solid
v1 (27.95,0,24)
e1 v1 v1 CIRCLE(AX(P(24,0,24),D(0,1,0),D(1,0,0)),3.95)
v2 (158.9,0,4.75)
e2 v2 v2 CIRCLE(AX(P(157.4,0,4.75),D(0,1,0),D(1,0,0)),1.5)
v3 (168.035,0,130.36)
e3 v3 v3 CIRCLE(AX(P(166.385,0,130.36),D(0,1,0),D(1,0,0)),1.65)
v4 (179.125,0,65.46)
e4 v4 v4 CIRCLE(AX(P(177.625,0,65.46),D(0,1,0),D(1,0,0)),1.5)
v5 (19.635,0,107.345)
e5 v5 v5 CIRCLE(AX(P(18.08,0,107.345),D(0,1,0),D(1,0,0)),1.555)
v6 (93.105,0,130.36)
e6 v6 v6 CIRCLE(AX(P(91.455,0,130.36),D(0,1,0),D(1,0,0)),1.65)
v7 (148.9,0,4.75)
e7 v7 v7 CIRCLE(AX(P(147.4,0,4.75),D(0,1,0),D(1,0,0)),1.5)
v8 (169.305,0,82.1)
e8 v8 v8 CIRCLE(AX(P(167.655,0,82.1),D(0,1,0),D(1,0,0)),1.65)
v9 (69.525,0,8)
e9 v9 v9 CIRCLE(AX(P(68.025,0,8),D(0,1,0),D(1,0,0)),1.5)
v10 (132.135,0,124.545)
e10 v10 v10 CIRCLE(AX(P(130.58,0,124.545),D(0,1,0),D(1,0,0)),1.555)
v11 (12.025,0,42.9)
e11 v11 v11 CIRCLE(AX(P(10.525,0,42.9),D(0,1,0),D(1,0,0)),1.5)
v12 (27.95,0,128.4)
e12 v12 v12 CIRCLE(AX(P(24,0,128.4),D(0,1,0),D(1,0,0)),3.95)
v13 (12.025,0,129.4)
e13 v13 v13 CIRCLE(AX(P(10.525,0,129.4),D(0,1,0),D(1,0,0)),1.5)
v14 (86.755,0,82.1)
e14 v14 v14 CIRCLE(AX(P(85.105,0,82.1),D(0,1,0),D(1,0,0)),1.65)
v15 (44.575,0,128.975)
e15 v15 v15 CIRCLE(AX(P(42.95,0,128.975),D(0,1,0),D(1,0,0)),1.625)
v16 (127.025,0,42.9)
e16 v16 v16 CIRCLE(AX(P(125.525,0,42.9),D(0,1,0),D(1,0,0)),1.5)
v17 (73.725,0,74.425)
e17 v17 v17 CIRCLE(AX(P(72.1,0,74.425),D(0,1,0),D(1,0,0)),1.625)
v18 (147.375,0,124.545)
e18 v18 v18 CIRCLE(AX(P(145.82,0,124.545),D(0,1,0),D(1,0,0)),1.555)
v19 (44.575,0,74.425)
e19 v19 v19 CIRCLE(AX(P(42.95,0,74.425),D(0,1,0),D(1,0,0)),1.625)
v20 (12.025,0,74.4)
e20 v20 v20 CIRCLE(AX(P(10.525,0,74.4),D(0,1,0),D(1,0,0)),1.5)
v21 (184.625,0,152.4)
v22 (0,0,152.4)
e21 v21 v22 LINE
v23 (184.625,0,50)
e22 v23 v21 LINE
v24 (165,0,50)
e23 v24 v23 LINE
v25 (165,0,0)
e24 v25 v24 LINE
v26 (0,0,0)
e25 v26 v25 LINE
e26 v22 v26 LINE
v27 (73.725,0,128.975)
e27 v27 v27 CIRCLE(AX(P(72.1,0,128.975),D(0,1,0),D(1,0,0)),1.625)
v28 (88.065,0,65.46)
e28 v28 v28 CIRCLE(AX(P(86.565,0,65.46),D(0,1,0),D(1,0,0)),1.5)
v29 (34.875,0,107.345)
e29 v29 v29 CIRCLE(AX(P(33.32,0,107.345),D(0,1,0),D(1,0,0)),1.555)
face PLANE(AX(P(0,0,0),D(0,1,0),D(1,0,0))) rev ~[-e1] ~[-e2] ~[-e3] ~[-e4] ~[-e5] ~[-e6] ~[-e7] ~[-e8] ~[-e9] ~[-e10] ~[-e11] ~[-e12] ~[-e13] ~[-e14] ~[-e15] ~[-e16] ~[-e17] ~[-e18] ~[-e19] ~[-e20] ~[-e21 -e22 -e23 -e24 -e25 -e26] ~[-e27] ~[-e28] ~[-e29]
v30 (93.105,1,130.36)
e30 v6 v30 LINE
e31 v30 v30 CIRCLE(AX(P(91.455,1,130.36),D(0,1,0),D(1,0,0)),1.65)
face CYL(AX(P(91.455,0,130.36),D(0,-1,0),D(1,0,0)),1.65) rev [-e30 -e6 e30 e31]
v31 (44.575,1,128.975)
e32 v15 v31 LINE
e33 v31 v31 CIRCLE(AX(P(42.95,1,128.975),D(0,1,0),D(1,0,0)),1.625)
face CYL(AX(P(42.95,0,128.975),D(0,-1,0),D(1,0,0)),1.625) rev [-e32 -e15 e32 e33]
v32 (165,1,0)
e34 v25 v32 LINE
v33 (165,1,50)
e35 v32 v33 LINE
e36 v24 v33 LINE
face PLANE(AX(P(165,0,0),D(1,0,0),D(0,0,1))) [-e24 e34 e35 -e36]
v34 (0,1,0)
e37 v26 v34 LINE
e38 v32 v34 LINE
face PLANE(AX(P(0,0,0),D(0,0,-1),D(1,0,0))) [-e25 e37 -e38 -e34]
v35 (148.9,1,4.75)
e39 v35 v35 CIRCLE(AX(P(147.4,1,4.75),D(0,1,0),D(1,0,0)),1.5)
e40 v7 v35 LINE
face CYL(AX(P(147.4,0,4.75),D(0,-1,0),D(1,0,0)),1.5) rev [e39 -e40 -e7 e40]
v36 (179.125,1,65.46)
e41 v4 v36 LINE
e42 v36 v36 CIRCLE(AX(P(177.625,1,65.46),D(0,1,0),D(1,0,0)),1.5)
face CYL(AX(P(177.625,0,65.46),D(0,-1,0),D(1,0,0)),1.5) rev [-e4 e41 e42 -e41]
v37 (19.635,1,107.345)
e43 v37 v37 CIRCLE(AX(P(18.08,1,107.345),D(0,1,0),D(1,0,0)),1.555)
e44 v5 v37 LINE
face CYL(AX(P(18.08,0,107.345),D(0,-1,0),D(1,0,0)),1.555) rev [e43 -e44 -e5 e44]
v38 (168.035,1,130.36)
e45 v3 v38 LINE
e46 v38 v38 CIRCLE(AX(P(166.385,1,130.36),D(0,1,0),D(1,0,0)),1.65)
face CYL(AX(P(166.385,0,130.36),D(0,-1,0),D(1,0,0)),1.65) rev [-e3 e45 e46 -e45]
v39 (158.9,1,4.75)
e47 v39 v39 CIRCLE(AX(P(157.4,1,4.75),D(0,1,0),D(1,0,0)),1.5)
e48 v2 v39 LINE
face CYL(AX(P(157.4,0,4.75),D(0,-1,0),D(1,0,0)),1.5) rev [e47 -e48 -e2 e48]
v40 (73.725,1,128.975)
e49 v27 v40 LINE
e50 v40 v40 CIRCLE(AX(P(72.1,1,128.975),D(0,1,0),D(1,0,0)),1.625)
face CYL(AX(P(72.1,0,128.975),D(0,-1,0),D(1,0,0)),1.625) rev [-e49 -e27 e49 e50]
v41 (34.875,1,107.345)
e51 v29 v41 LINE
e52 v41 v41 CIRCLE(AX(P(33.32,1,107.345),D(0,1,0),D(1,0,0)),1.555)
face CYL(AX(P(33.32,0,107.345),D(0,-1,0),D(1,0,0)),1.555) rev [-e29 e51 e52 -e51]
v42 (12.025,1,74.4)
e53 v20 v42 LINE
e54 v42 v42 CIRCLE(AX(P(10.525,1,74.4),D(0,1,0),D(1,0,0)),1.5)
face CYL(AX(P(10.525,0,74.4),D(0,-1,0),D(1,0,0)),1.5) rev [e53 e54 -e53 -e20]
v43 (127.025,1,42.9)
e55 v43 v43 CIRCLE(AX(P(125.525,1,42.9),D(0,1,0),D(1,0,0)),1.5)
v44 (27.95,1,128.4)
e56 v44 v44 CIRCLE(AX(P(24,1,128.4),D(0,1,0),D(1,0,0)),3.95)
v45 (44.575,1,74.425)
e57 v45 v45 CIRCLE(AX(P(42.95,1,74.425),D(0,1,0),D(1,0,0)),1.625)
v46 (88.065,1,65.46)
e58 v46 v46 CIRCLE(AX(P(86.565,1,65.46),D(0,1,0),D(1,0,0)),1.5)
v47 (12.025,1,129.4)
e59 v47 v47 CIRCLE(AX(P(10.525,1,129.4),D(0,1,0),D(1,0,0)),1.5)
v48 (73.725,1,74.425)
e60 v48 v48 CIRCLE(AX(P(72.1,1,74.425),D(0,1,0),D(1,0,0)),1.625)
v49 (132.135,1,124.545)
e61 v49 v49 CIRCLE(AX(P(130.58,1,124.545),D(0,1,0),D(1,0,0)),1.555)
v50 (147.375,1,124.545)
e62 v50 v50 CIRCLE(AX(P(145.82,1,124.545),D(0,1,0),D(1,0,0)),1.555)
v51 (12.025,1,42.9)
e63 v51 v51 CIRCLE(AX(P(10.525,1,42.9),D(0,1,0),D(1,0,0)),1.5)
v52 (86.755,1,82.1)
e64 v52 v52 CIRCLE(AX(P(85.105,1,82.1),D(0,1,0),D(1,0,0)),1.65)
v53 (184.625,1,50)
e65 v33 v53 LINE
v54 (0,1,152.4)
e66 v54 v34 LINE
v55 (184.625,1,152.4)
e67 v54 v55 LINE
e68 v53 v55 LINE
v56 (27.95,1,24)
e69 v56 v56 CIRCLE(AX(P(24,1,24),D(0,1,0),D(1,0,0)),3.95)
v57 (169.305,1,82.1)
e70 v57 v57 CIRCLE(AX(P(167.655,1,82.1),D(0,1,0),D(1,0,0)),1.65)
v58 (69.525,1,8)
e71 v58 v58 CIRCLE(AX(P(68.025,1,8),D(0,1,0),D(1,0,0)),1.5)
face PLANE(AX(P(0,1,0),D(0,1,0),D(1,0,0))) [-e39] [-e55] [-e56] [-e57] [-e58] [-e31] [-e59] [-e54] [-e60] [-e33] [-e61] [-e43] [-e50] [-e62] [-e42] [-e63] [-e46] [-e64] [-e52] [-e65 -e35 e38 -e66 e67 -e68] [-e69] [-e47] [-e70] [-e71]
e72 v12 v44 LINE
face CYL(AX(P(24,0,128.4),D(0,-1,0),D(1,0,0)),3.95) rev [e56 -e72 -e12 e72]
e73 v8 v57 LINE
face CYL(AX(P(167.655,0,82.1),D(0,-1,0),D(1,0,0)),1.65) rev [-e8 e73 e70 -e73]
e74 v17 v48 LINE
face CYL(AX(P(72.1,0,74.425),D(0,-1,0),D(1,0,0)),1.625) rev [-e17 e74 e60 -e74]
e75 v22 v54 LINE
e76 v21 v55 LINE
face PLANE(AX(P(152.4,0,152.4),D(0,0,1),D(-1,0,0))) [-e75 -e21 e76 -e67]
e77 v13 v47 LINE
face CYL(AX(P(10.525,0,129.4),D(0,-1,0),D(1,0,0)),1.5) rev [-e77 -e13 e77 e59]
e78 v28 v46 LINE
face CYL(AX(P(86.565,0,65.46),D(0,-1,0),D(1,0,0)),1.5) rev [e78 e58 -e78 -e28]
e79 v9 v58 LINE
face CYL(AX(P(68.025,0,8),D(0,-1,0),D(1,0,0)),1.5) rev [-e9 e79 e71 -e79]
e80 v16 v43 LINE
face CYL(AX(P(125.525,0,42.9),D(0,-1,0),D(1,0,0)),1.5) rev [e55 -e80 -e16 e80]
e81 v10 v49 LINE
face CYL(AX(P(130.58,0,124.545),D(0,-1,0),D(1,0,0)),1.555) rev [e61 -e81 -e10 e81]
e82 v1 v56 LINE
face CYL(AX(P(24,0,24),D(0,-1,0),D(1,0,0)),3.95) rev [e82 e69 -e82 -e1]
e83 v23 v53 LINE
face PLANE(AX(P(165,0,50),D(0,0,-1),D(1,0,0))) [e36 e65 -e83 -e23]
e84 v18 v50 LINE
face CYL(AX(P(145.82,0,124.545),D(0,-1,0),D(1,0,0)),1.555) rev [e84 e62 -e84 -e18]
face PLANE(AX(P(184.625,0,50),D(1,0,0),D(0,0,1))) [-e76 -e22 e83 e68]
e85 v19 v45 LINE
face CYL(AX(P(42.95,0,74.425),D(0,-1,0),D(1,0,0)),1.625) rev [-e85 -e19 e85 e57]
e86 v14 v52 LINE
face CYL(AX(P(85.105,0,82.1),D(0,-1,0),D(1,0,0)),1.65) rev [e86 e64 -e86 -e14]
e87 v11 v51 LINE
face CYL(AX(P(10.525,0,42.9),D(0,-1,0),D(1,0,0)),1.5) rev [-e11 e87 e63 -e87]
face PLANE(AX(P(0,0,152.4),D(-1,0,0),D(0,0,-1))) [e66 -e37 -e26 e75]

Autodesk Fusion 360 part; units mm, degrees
sketch "Sketch1" plane through (0, 0, 0) normal (0, 1, 0) x (1, 0, 0)
  line L0 (0, 0) -> (304.8, 0) construction
  line L1 (304.8, 0) -> (304.8, -152.4) construction
  line L2 (304.8, -152.4) -> (0, -152.4) construction
  line L3 (0, -152.4) -> (0, 0) construction
  line L4 (297.775, 0) -> (297.775, -147.9) construction
  line L5 (297.775, -147.9) -> (7.025, -147.9) construction
  line L6 (7.025, -147.9) -> (7.025, 0) construction
  line L7 (39.025, -70.5) -> (76.025, -70.5)
  line L8 (76.025, -70.5) -> (76.025, -132.9)
  line L9 (76.025, -132.9) -> (39.025, -132.9)
  line L10 (39.025, -132.9) -> (39.025, -70.5)
  circle A0 centre (42.95, -74.425) radius 1.625
  line L11 (57.525, -70.5) -> (57.525, -132.9) construction
  circle A1 centre (72.1, -74.425) radius 1.625
  line L12 (39.025, -101.7) -> (76.025, -101.7) construction
  circle A2 centre (72.1, -128.975) radius 1.625
  circle A3 centre (42.95, -128.975) radius 1.625
  line L13 (15.525, -66.5) -> (35.875, -66.5)
  line L14 (35.875, -66.5) -> (35.875, -109.9)
  line L15 (35.875, -109.9) -> (15.525, -109.9)
  line L16 (15.525, -109.9) -> (15.525, -66.5)
  circle A4 centre (18.08, -107.345) radius 1.555
  line L17 (25.7, -66.5) -> (25.7, -109.9) construction
  circle A5 centre (33.32, -107.345) radius 1.555
  line L18 (80.025, -79.56) -> (181.625, -79.56)
  line L19 (181.625, -79.56) -> (181.625, -132.9)
  line L20 (181.625, -132.9) -> (80.025, -132.9)
  line L21 (80.025, -132.9) -> (80.025, -79.56)
  circle A6 centre (85.105, -82.1) radius 1.65
  circle A7 centre (91.455, -130.36) radius 1.65
  circle A8 centre (167.655, -82.1) radius 1.65
  circle A9 centre (166.385, -130.36) radius 1.65
  line L22 (7.025, -52.9) -> (297.775, -52.9) construction
  line L23 (187.625, -82) -> (207.975, -82)
  line L24 (207.975, -82) -> (207.975, -125.4)
  line L25 (207.975, -125.4) -> (187.625, -125.4)
  line L26 (187.625, -125.4) -> (187.625, -82)
  circle A10 centre (190.18, -122.845) radius 1.555
  line L27 (197.8, -82) -> (197.8, -125.4) construction
  circle A11 centre (205.42, -122.845) radius 1.555
  circle A12 centre (145.82, -124.545) radius 1.555
  circle A13 centre (130.58, -124.545) radius 1.555
  line L28 (148.375, -83.7) -> (148.375, -127.1)
  line L29 (148.375, -127.1) -> (128.025, -127.1)
  line L30 (128.025, -127.1) -> (128.025, -83.7)
  line L31 (138.2, -83.7) -> (138.2, -127.1) construction
  line L32 (128.025, -83.7) -> (148.375, -83.7)
  line L33 (215.125, -84.4) -> (281.275, -84.4)
  line L34 (281.275, -84.4) -> (281.275, -120.4)
  line L35 (281.275, -120.4) -> (215.125, -120.4)
  line L36 (215.125, -120.4) -> (215.125, -84.4)
  circle A14 centre (217.675, -86.95) radius 1.55
  line L37 (248.2, -84.4) -> (248.2, -120.4) construction
  line L38 (215.125, -102.4) -> (281.275, -102.4) construction
  circle A15 centre (278.725, -86.95) radius 1.55
  circle A16 centre (217.675, -117.85) radius 1.55
  circle A17 centre (278.725, -117.85) radius 1.55
  line L39 (84.065, -55.86) -> (180.125, -55.86)
  line L40 (180.125, -55.86) -> (180.125, -74.96)
  line L41 (180.125, -74.96) -> (84.065, -74.96)
  line L42 (84.065, -74.96) -> (84.065, -55.86)
  circle A18 centre (177.625, -65.46) radius 1.5
  line L43 (132.095, -55.86) -> (132.095, -74.96) construction
  circle A19 centre (86.565, -65.46) radius 1.5
  line L44 (191.715, -76.4) -> (191.715, -57.3)
  line L45 (239.745, -57.3) -> (239.745, -76.4) construction
  line L46 (287.775, -76.4) -> (191.715, -76.4)
  line L47 (191.715, -57.3) -> (287.775, -57.3)
  circle A20 centre (285.275, -66.9) radius 1.5
  circle A21 centre (194.215, -66.9) radius 1.5
  line L48 (287.775, -57.3) -> (287.775, -76.4)
  line L49 (7.025, -125.9) -> (14.025, -125.9)
  line L50 (14.025, -125.9) -> (14.025, -132.9)
  line L51 (14.025, -132.9) -> (7.025, -132.9)
  line L52 (7.025, -132.9) -> (7.025, -125.9)
  line L53 (7.025, -70.9) -> (14.025, -70.9)
  line L54 (14.025, -70.9) -> (14.025, -77.9)
  line L55 (14.025, -77.9) -> (7.025, -77.9)
  line L56 (7.025, -77.9) -> (7.025, -70.9)
  line L57 (7.025, -39.4) -> (14.025, -39.4)
  line L58 (14.025, -39.4) -> (14.025, -46.4)
  line L59 (14.025, -46.4) -> (7.025, -46.4)
  line L60 (7.025, -46.4) -> (7.025, -39.4)
  line L61 (122.025, -39.4) -> (129.025, -39.4)
  line L62 (129.025, -39.4) -> (129.025, -46.4)
  line L63 (129.025, -46.4) -> (122.025, -46.4)
  line L64 (122.025, -46.4) -> (122.025, -39.4)
  line L65 (152.4, 0) -> (152.4, -147.9) construction
  circle A22 centre (68.025, -8) radius 1.5
  circle A23 centre (10.525, -42.9) radius 1.5
  circle A24 centre (10.525, -74.4) radius 1.5
  circle A25 centre (10.525, -129.4) radius 1.5
  circle A26 centre (125.525, -42.9) radius 1.5
  line L66 (0, 0) -> (304.8, 0)
  line L67 (304.8, 0) -> (304.8, -152.4)
  line L68 (304.8, -152.4) -> (0, -152.4)
  line L69 (0, -152.4) -> (0, 0)
  line L70 (152.4, 0) -> (152.4, -152.4)
  line L71 (-0.1, 0) -> (-2.5, 0)
  line L72 (307.3, 0) -> (304.9, 0)
  line L73 (0, 0) -> (-0.1, 0)
  line L74 (304.9, 0) -> (304.8, 0)
  line L75 (184.625, 0) -> (184.625, -152.4)
  line L76 (165, 0) -> (165, -50)
  line L77 (165, -50) -> (184.625, -50)
  circle A27 centre (24, -128.4) radius 3.95
  line L78 (0, -76.2) -> (304.8, -76.2) construction
  circle A28 centre (24, -24) radius 3.95
  circle A29 centre (280.8, -24) radius 3.95
  circle A30 centre (280.8, -128.4) radius 3.95
  circle A31 centre (147.4, -4.75) radius 1.5
  circle A32 centre (157.4, -4.75) radius 1.5
  line L79 (64.525, -4.5) -> (71.525, -4.5)
  line L80 (71.525, -4.5) -> (71.525, -11.5)
  line L81 (71.525, -11.5) -> (64.525, -11.5)
  line L82 (64.525, -11.5) -> (64.525, -4.5)
  line L83 (233.275, -11.5) -> (240.275, -11.5)
  circle A33 centre (236.775, -8) radius 1.5
  line L84 (240.275, -11.5) -> (240.275, -4.5)
  line L85 (240.275, -4.5) -> (233.275, -4.5)
  line L86 (233.275, -4.5) -> (233.275, -11.5)
  line L87 (297.775, -39.4) -> (290.775, -39.4)
  line L88 (290.775, -39.4) -> (290.775, -46.4)
  circle A34 centre (294.275, -42.9) radius 1.5
  line L89 (290.775, -46.4) -> (297.775, -46.4)
  line L90 (297.775, -46.4) -> (297.775, -39.4)
  line L91 (297.775, -70.9) -> (290.775, -70.9)
  line L92 (290.775, -70.9) -> (290.775, -77.9)
  circle A35 centre (294.275, -74.4) radius 1.5
  line L93 (297.775, -77.9) -> (297.775, -70.9)
  line L94 (290.775, -77.9) -> (297.775, -77.9)
  line L95 (297.775, -125.9) -> (290.775, -125.9)
  line L96 (290.775, -125.9) -> (290.775, -132.9)
  circle A36 centre (294.275, -129.4) radius 1.5
  line L97 (290.775, -132.9) -> (297.775, -132.9)
  line L98 (297.775, -132.9) -> (297.775, -125.9)
  circle A37 centre (179.275, -42.9) radius 1.5
  line L99 (175.775, -46.4) -> (182.775, -46.4)
  line L100 (182.775, -46.4) -> (182.775, -39.4)
  line L101 (175.775, -39.4) -> (175.775, -46.4)
  line L102 (182.775, -39.4) -> (175.775, -39.4)
  dimension "d1" = 304.8
  dimension "d2" = 152.4
  dimension "d3" = 290.75
  dimension "d4" = 147.9
  dimension "d5" = 7.025
  dimension "d6" = 3.25
  dimension "d7" = 37
  dimension "d8" = 62.4
  dimension "d9" = 3.925
  dimension "d10" = 3.925
  dimension "d11" = 32
  dimension "d13" = 20.35
  dimension "d14" = 43.4
  dimension "d15" = 3.11
  dimension "d16" = 2.555
  dimension "d17" = 2.555
  dimension "d18" = 8.5
  dimension "d19" = 42.5
  dimension "d20" = 19.5
  dimension "d21" = 101.6
  dimension "d22" = 53.34
  dimension "d23" = 3.3
  dimension "d24" = 3.3
  dimension "d25" = 3.3
  dimension "d26" = 3.3
  dimension "d27" = 96.52
  dimension "d28" = 2.54
  dimension "d29" = 13.97
  dimension "d30" = 2.54
  dimension "d31" = 15.24
  dimension "d32" = 50.8
  dimension "d33" = 90.17
  dimension "d34" = 50.8
  dimension "d35" = 19.5
  dimension "d36" = 73
  dimension "d38" = 20.35
  dimension "d39" = 43.4
  dimension "d40" = 3.11
  dimension "d41" = 2.555
  dimension "d42" = 2.555
  dimension "d43" = 27
  dimension "d45" = 6
  dimension "d46" = 20.35
  dimension "d47" = 43.4
  dimension "d48" = 3.11
  dimension "d49" = 2.555
  dimension "d50" = 2.555
  dimension "d51" = 25.3
  dimension "d52" = 48
  dimension "d53" = 66.15
  dimension "d54" = 36
  dimension "d55" = 3.1
  dimension "d56" = 2.55
  dimension "d57" = 2.55
  dimension "d58" = 32
  dimension "d59" = 16.5
  dimension "d60" = 96.06
  dimension "d61" = 19.1
  dimension "d62" = 3
  dimension "d63" = 9.6
  dimension "d64" = 2.5
  dimension "d65" = 4.6
  dimension "d66" = 1.5
  dimension "d67" = 96.06
  dimension "d68" = 19.1
  dimension "d69" = 3
  dimension "d70" = 9.6
  dimension "d71" = 2.5
  dimension "d72" = 10
  dimension "d73" = 8
  dimension "d74" = 7
  dimension "d75" = 7
  dimension "d76" = 15
  dimension "d77" = 7
  dimension "d78" = 7
  dimension "d79" = 70
  dimension "d80" = 7
  dimension "d81" = 7
  dimension "d82" = 101.5
  dimension "d86" = 7
  dimension "d87" = 7
  dimension "d88" = 115
  dimension "d89" = 101.5
  dimension "d90" = 3
  dimension "d93" = 3
  dimension "d94" = 3.5
  dimension "d95" = 3.5
  dimension "d96" = 3
  dimension "d97" = 3.5
  dimension "d98" = 3.5
  dimension "d99" = 3
  dimension "d100" = 3.5
  dimension "d101" = 3.5
  dimension "d102" = 3
  dimension "d103" = 3.5
  dimension "d104" = 3.5
  dimension "d127" = 3
  dimension "d130" = 19.625
  dimension "d131" = 50
  dimension "d132" = 7.9
  dimension "d133" = 24
  dimension "d134" = 24
  dimension "d135" = 3
  dimension "d136" = 3
  dimension "d137" = 10
  dimension "d140" = 5
  dimension "d141" = 4.75
  dimension "d145" = 7
  dimension "d146" = 7
  dimension "d147" = 3.5
  dimension "d148" = 3.5
  dimension "d149" = 4.5
  dimension "d150" = 4.75
  dimension "d151" = 57.5
  dimension "d152" = 52.9
extrude "Extrude7" add sketch "Sketch1" along normal blind 1 contours L7 L8 L9 L10 | L13 L14 L15 L16 | L18 L20 L21 L39 L41 L42 L66 L68 L69 L70 | L18 L20 L21 L70 | L18 L19 L20 L39 L40 L41 L66 L68 L70 L75 L76 L77 | L18 L19 L20 L70 | L39 L40 L41 L70 | L39 L41 L42 L70 | L28 L29 L30 L32 | L49 L50 L51 L52 | L53 L54 L55 L56 | L57 L58 L59 L60 | L61 L62 L63 L64 | L79 L80 L81 L82
equation "d3 = 297.75 mm - ( 3.5 * 2 ) * 1 mm"
equation "d5 = ( d1 - d3 ) / 2"
equation "d9 = d6 / 2 + 2.3 mm"
equation "d10 = d9"
equation "d16 = d15 / 2 + 1 mm"
equation "d17 = d16"
equation "d24 = d23"
equation "d25 = d23"
equation "d26 = d23"
equation "d30 = d28"
equation "d34 = d32"
equation "d41 = d15 / 2 + 1 mm"
equation "d42 = d16"
equation "d49 = d15 / 2 + 1 mm"
equation "d50 = d16"
equation "d56 = d55 / 2 + 1 mm"
equation "d57 = d55 / 2 + 1 mm"
equation "d63 = d62 / 2 + 8.1 mm"
equation "d64 = d62 / 2 + 1 mm"
equation "d70 = d62 / 2 + 8.1 mm"
equation "d71 = d62 / 2 + 1 mm"
equation "d94 = d80 / 2"
equation "d95 = d81 / 2"
equation "d97 = d78 / 2"
equation "d98 = d77 / 2"
equation "d100 = d74 / 2"
equation "d101 = d75 / 2"
equation "d103 = d87 / 2"
equation "d104 = d86 / 2"
equation "d140 = d137 / 2"
equation "d147 = d145 / 2"
equation "d148 = d146 / 2"
